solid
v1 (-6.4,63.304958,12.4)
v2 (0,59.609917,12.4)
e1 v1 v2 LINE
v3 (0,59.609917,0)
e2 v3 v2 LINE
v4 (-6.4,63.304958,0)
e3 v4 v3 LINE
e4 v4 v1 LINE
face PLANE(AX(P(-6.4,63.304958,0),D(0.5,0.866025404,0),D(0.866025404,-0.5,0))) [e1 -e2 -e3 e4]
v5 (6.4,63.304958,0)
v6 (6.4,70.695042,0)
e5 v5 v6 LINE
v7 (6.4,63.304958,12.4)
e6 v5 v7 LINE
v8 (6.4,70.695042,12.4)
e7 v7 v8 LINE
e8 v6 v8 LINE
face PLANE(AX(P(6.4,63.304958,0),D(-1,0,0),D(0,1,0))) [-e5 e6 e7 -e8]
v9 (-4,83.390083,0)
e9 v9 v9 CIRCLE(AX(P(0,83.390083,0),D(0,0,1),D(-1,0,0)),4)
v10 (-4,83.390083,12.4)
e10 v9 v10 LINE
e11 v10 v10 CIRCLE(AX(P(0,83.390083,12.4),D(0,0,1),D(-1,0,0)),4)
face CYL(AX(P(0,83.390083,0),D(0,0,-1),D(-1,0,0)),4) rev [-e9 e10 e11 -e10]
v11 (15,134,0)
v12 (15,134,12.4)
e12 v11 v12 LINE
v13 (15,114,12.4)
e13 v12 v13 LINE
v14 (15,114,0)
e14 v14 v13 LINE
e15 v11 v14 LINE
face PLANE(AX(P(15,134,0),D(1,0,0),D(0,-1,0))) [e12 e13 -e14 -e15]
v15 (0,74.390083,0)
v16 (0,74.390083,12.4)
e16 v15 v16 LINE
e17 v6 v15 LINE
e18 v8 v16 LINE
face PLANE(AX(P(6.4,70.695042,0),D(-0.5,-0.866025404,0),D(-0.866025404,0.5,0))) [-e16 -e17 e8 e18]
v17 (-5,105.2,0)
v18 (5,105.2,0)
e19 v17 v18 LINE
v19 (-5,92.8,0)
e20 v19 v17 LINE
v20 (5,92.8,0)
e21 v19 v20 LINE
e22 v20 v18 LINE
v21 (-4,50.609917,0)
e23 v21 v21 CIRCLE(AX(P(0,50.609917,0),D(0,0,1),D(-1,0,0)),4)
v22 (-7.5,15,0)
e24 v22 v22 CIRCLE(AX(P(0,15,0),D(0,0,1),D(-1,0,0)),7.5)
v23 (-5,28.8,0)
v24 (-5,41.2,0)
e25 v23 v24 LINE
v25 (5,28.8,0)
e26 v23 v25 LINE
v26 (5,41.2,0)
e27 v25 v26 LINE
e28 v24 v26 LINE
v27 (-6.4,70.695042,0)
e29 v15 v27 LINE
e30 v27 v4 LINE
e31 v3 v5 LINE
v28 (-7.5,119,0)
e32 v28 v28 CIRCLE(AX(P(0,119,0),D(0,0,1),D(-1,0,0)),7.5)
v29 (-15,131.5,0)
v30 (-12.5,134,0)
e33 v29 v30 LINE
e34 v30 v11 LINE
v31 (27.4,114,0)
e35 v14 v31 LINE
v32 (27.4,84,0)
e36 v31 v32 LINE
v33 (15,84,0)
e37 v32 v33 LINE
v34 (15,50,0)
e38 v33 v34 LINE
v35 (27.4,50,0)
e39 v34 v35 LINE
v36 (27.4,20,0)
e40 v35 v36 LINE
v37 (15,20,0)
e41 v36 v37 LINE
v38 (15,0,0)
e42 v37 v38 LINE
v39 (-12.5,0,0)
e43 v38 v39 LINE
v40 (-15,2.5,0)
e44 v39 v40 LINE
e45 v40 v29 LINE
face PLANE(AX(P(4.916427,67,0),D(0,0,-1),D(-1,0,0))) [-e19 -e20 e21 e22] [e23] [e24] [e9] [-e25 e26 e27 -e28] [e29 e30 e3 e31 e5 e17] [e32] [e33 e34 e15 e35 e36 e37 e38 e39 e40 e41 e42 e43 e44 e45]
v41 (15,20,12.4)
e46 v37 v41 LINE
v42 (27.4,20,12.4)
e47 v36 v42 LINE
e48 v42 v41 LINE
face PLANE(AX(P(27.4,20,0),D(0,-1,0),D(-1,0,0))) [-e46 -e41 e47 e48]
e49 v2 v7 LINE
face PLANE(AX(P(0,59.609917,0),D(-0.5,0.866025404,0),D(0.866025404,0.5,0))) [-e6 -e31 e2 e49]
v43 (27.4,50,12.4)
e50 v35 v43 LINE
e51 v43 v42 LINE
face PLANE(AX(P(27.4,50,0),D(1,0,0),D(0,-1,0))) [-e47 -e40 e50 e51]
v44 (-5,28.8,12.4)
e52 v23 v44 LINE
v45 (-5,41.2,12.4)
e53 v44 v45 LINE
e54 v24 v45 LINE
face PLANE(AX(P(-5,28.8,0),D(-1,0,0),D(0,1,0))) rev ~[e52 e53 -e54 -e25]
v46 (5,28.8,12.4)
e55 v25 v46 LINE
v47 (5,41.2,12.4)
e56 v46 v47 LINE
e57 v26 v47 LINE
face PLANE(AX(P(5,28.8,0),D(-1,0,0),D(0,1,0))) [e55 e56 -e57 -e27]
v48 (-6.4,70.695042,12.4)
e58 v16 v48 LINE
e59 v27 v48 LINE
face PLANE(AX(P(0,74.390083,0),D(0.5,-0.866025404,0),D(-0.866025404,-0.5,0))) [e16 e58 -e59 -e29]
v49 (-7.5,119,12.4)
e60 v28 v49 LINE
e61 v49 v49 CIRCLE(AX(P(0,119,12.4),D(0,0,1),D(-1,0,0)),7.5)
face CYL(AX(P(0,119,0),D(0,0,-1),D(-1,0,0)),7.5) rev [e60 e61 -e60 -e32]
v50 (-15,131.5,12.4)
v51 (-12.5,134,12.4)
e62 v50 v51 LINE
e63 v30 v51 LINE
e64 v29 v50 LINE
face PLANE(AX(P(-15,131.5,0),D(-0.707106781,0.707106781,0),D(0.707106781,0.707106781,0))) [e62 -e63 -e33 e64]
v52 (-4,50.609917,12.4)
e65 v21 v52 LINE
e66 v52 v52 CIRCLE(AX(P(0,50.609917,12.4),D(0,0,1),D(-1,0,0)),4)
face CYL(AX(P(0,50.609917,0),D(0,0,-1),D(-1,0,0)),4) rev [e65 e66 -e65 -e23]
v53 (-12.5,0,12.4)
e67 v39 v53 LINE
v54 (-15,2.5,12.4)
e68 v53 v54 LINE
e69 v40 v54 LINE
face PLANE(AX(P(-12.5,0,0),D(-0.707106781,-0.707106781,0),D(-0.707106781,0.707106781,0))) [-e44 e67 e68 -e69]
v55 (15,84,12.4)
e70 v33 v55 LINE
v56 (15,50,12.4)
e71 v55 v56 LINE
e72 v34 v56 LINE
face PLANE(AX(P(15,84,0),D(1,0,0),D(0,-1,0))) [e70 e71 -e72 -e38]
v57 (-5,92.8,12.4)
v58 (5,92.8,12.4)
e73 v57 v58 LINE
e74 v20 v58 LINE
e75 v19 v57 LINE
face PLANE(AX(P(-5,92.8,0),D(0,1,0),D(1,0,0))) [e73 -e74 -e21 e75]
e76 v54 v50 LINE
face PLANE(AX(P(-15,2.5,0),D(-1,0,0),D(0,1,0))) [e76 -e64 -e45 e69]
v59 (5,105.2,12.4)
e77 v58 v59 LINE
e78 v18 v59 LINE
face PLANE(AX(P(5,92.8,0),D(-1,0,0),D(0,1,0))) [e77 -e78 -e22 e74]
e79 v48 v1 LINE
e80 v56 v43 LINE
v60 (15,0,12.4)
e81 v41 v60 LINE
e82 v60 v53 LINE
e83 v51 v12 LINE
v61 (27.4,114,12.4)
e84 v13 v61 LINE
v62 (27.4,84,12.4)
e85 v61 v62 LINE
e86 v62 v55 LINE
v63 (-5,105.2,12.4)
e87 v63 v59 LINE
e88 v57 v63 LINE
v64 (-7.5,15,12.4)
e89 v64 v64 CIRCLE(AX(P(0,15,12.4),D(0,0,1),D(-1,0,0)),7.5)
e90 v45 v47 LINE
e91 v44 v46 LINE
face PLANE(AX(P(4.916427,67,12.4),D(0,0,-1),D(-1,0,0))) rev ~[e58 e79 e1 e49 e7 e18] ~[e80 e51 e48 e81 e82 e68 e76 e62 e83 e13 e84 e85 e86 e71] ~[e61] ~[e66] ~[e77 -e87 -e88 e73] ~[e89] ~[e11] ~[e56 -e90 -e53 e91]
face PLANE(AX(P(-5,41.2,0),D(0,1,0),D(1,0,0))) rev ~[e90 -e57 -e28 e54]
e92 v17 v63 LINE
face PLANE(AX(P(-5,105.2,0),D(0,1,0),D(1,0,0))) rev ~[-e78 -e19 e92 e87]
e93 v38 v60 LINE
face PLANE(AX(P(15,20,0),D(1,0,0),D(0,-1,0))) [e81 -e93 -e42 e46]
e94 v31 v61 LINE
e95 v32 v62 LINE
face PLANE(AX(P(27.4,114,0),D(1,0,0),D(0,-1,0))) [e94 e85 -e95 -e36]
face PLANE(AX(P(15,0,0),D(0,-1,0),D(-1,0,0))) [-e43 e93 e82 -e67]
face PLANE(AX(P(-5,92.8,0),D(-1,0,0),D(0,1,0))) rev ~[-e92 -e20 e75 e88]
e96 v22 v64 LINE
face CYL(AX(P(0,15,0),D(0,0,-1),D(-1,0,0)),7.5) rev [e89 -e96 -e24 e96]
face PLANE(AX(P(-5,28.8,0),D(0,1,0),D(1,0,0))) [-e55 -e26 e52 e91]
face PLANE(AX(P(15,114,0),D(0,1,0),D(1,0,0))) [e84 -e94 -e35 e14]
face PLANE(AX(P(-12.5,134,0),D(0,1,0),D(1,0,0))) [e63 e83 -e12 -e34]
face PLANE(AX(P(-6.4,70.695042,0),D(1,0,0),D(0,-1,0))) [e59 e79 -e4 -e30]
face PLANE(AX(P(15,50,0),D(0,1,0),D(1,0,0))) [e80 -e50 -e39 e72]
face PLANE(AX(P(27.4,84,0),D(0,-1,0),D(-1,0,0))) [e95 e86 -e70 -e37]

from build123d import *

# Parameters (mm, degrees)
MODEL_R             = 4
MODEL_R_2           = 7.5
MODEL_W             = 10
MODEL_H             = 12.4
BOSS_EXTRUDE1_DEPTH = 12.4


with BuildPart() as part:
    # Model → Boss-Extrude1 (new body)
    with BuildSketch(Plane.XY):
        Polygon((-12.5, 0), (-15, 2.5), (-15, 131.5), (-12.5, 134), (15, 134), (15, 114), (27.4, 114), (27.4, 84), (15, 84), (15, 50), (27.4, 50), (27.4, 20), (15, 20), (15, 0), align=None)
        with Locations(Location((0, 50.609916554, 0), (0, 0, 180))):
            Circle(MODEL_R, mode=Mode.SUBTRACT)
        with Locations(Location((0, 83.390083446, 0), (0, 0, 180))):
            Circle(MODEL_R, mode=Mode.SUBTRACT)
        with Locations(Location((0, 15, 0), (0, 0, 180))):
            Circle(MODEL_R_2, mode=Mode.SUBTRACT)
        with Locations(Location((0, 119, 0), (0, 0, 180))):
            Circle(MODEL_R_2, mode=Mode.SUBTRACT)
        with Locations((0, 99)):
            Rectangle(MODEL_W, MODEL_H, mode=Mode.SUBTRACT)
        Polygon((0, 74.390083446), (-6.4, 70.695041723), (-6.4, 63.304958277), (0, 59.609916554), (6.4, 63.304958277), (6.4, 70.695041723), align=None, mode=Mode.SUBTRACT)
        with Locations((0, 35)):
            Rectangle(MODEL_W, MODEL_H, mode=Mode.SUBTRACT)
    extrude(amount=BOSS_EXTRUDE1_DEPTH)


solid = part.part
